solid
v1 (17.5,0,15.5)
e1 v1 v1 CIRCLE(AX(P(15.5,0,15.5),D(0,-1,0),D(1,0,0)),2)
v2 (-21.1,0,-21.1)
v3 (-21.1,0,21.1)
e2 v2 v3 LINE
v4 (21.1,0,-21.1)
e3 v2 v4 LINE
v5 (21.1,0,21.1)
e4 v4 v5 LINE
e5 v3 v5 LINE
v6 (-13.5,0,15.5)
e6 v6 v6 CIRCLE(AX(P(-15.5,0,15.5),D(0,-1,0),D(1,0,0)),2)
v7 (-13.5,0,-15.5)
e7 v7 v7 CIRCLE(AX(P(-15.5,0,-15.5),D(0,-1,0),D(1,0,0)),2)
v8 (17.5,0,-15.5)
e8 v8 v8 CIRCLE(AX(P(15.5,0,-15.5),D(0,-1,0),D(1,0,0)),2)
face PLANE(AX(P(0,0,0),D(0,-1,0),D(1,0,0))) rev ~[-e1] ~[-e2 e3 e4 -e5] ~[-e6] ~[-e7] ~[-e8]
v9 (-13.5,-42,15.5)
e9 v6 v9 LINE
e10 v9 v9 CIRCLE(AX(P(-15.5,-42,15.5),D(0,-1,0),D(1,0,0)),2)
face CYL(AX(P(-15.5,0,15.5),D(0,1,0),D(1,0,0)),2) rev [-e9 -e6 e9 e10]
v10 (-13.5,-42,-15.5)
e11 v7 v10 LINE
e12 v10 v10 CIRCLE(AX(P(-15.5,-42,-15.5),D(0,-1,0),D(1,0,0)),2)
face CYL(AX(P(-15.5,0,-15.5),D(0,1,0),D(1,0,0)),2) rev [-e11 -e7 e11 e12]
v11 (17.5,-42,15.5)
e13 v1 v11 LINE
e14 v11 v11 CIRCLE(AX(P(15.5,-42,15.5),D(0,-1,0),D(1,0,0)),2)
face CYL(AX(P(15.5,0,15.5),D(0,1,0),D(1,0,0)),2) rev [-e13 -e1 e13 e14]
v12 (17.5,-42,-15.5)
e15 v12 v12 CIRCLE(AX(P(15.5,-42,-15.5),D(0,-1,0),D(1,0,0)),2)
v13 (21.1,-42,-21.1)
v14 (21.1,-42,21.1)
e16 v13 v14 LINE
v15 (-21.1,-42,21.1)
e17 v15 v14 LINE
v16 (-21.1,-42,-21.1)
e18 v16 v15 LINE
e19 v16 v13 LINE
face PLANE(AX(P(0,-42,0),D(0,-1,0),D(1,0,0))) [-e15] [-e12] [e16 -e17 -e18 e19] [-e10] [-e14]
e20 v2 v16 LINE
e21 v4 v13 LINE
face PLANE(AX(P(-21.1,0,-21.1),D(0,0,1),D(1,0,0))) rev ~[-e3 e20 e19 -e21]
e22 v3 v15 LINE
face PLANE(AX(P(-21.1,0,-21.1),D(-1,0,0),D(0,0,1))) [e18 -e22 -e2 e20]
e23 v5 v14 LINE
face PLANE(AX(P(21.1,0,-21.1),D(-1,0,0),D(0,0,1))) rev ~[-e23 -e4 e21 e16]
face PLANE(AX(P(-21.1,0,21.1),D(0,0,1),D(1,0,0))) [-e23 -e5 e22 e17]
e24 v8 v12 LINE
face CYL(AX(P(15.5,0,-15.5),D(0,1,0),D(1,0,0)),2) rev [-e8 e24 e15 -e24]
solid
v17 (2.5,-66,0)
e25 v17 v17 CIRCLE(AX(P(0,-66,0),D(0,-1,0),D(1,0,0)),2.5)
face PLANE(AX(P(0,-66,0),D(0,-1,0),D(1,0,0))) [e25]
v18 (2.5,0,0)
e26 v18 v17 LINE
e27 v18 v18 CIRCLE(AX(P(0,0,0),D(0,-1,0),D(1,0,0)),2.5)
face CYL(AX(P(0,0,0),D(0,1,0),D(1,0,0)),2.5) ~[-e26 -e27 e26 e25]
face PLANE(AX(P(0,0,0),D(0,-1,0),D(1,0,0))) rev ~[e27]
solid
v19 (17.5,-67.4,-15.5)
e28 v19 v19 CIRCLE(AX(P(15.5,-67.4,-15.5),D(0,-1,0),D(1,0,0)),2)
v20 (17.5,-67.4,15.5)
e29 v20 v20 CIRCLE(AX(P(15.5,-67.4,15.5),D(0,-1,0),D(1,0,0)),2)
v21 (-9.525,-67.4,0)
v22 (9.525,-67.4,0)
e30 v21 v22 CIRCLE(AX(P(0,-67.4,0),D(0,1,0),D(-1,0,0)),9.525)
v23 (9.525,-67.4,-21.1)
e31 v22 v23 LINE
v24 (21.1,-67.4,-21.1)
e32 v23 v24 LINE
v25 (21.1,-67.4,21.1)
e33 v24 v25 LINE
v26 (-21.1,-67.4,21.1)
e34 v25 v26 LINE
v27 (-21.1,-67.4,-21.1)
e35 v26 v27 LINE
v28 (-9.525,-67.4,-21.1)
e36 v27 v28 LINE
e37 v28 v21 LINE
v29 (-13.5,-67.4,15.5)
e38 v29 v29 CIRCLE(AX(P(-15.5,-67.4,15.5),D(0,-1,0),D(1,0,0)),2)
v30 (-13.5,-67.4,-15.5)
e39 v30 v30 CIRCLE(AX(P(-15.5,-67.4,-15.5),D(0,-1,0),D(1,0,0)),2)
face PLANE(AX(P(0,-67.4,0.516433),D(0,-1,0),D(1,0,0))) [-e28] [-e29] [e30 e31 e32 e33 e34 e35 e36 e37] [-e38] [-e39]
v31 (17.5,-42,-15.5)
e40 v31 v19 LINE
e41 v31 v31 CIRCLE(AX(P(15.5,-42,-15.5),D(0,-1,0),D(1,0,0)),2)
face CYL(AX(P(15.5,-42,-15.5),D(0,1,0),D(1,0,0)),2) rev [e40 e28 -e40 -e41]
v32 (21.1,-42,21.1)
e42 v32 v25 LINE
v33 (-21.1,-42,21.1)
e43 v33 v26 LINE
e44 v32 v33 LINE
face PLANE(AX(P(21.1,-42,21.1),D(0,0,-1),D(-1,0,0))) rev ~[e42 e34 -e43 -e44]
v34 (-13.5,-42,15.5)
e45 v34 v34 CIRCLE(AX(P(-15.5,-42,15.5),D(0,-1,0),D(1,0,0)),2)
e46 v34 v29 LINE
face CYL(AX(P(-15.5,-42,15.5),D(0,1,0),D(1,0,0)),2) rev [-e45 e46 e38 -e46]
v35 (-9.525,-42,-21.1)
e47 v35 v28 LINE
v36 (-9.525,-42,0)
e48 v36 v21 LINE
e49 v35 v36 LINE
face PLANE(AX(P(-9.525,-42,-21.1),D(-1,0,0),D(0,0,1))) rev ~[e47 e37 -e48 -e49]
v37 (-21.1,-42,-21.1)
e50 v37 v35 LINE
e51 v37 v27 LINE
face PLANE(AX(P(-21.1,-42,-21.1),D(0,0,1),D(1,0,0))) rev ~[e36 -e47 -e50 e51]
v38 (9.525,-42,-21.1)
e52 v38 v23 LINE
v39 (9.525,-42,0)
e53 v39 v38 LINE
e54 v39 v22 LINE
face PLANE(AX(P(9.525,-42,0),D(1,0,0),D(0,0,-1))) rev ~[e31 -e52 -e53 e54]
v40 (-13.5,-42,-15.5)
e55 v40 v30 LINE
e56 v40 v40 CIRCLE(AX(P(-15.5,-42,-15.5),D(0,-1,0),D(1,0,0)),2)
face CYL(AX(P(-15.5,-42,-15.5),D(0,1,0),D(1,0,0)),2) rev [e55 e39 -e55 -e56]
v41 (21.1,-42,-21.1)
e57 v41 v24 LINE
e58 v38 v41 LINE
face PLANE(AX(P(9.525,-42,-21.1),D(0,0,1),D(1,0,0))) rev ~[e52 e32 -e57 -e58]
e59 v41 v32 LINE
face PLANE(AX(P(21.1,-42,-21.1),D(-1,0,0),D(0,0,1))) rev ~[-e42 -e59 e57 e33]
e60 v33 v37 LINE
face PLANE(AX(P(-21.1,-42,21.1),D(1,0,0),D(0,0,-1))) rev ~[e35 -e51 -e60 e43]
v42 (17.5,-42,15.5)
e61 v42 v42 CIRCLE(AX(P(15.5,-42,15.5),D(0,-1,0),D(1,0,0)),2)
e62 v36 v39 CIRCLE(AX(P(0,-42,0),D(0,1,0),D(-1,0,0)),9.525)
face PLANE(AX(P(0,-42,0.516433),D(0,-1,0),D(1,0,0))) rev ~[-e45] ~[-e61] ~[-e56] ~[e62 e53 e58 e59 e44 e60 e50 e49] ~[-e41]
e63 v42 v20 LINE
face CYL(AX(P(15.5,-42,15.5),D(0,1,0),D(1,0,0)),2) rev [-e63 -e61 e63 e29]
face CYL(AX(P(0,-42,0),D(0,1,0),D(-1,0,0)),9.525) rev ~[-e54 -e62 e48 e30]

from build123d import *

# Parameters (mm, degrees)
F0_W     = 42.2
F0_H     = 42.2
F0_R     = 2
F0_R_2   = 2.5
F1_DEPTH = 42
F2_DEPTH = 66
F3_R     = 2
F4_DEPTH = 25.4


with BuildPart() as f1:
    # F0 (on Front) → F1 (new body)
    with BuildSketch(Plane.XZ):
        Rectangle(F0_W, F0_H)
        with Locations((-15.5, -15.5)):
            Circle(F0_R, mode=Mode.SUBTRACT)
        with Locations((15.5, -15.5)):
            Circle(F0_R, mode=Mode.SUBTRACT)
        with Locations((-15.5, 15.5)):
            Circle(F0_R, mode=Mode.SUBTRACT)
        Circle(F0_R_2, mode=Mode.SUBTRACT)
        with Locations((15.5, 15.5)):
            Circle(F0_R, mode=Mode.SUBTRACT)
        Circle(F0_R_2)
    extrude(amount=F1_DEPTH)


with BuildPart() as f2:
    # F0 (on Front) → F2 (new body)
    with BuildSketch(Plane.XZ):
        Circle(F0_R_2)
    extrude(amount=F2_DEPTH)


with BuildPart() as f4:
    # F3 (on face) → F4 (new body)
    with BuildSketch(Plane.XZ.offset(42)):
        with BuildLine():
            ThreePointArc((-9.525, 0), (0, 9.525), (9.525, 0))
            Line((9.525, 0), (9.525, -21.1))
            Line((9.525, -21.1), (21.1, -21.1))
            Line((21.1, -21.1), (21.1, 21.1))
            Line((21.1, 21.1), (-21.1, 21.1))
            Line((-21.1, 21.1), (-21.1, -21.1))
            Line((-21.1, -21.1), (-9.525, -21.1))
            Line((-9.525, -21.1), (-9.525, 0))
        make_face()
        with Locations((-15.5, -15.5)):
            Circle(F3_R, mode=Mode.SUBTRACT)
        with Locations((15.5, -15.5)):
            Circle(F3_R, mode=Mode.SUBTRACT)
        with Locations((-15.5, 15.5)):
            Circle(F3_R, mode=Mode.SUBTRACT)
        with Locations((15.5, 15.5)):
            Circle(F3_R, mode=Mode.SUBTRACT)
    extrude(amount=F4_DEPTH)


solid = Compound([f1.part, f2.part, f4.part])
